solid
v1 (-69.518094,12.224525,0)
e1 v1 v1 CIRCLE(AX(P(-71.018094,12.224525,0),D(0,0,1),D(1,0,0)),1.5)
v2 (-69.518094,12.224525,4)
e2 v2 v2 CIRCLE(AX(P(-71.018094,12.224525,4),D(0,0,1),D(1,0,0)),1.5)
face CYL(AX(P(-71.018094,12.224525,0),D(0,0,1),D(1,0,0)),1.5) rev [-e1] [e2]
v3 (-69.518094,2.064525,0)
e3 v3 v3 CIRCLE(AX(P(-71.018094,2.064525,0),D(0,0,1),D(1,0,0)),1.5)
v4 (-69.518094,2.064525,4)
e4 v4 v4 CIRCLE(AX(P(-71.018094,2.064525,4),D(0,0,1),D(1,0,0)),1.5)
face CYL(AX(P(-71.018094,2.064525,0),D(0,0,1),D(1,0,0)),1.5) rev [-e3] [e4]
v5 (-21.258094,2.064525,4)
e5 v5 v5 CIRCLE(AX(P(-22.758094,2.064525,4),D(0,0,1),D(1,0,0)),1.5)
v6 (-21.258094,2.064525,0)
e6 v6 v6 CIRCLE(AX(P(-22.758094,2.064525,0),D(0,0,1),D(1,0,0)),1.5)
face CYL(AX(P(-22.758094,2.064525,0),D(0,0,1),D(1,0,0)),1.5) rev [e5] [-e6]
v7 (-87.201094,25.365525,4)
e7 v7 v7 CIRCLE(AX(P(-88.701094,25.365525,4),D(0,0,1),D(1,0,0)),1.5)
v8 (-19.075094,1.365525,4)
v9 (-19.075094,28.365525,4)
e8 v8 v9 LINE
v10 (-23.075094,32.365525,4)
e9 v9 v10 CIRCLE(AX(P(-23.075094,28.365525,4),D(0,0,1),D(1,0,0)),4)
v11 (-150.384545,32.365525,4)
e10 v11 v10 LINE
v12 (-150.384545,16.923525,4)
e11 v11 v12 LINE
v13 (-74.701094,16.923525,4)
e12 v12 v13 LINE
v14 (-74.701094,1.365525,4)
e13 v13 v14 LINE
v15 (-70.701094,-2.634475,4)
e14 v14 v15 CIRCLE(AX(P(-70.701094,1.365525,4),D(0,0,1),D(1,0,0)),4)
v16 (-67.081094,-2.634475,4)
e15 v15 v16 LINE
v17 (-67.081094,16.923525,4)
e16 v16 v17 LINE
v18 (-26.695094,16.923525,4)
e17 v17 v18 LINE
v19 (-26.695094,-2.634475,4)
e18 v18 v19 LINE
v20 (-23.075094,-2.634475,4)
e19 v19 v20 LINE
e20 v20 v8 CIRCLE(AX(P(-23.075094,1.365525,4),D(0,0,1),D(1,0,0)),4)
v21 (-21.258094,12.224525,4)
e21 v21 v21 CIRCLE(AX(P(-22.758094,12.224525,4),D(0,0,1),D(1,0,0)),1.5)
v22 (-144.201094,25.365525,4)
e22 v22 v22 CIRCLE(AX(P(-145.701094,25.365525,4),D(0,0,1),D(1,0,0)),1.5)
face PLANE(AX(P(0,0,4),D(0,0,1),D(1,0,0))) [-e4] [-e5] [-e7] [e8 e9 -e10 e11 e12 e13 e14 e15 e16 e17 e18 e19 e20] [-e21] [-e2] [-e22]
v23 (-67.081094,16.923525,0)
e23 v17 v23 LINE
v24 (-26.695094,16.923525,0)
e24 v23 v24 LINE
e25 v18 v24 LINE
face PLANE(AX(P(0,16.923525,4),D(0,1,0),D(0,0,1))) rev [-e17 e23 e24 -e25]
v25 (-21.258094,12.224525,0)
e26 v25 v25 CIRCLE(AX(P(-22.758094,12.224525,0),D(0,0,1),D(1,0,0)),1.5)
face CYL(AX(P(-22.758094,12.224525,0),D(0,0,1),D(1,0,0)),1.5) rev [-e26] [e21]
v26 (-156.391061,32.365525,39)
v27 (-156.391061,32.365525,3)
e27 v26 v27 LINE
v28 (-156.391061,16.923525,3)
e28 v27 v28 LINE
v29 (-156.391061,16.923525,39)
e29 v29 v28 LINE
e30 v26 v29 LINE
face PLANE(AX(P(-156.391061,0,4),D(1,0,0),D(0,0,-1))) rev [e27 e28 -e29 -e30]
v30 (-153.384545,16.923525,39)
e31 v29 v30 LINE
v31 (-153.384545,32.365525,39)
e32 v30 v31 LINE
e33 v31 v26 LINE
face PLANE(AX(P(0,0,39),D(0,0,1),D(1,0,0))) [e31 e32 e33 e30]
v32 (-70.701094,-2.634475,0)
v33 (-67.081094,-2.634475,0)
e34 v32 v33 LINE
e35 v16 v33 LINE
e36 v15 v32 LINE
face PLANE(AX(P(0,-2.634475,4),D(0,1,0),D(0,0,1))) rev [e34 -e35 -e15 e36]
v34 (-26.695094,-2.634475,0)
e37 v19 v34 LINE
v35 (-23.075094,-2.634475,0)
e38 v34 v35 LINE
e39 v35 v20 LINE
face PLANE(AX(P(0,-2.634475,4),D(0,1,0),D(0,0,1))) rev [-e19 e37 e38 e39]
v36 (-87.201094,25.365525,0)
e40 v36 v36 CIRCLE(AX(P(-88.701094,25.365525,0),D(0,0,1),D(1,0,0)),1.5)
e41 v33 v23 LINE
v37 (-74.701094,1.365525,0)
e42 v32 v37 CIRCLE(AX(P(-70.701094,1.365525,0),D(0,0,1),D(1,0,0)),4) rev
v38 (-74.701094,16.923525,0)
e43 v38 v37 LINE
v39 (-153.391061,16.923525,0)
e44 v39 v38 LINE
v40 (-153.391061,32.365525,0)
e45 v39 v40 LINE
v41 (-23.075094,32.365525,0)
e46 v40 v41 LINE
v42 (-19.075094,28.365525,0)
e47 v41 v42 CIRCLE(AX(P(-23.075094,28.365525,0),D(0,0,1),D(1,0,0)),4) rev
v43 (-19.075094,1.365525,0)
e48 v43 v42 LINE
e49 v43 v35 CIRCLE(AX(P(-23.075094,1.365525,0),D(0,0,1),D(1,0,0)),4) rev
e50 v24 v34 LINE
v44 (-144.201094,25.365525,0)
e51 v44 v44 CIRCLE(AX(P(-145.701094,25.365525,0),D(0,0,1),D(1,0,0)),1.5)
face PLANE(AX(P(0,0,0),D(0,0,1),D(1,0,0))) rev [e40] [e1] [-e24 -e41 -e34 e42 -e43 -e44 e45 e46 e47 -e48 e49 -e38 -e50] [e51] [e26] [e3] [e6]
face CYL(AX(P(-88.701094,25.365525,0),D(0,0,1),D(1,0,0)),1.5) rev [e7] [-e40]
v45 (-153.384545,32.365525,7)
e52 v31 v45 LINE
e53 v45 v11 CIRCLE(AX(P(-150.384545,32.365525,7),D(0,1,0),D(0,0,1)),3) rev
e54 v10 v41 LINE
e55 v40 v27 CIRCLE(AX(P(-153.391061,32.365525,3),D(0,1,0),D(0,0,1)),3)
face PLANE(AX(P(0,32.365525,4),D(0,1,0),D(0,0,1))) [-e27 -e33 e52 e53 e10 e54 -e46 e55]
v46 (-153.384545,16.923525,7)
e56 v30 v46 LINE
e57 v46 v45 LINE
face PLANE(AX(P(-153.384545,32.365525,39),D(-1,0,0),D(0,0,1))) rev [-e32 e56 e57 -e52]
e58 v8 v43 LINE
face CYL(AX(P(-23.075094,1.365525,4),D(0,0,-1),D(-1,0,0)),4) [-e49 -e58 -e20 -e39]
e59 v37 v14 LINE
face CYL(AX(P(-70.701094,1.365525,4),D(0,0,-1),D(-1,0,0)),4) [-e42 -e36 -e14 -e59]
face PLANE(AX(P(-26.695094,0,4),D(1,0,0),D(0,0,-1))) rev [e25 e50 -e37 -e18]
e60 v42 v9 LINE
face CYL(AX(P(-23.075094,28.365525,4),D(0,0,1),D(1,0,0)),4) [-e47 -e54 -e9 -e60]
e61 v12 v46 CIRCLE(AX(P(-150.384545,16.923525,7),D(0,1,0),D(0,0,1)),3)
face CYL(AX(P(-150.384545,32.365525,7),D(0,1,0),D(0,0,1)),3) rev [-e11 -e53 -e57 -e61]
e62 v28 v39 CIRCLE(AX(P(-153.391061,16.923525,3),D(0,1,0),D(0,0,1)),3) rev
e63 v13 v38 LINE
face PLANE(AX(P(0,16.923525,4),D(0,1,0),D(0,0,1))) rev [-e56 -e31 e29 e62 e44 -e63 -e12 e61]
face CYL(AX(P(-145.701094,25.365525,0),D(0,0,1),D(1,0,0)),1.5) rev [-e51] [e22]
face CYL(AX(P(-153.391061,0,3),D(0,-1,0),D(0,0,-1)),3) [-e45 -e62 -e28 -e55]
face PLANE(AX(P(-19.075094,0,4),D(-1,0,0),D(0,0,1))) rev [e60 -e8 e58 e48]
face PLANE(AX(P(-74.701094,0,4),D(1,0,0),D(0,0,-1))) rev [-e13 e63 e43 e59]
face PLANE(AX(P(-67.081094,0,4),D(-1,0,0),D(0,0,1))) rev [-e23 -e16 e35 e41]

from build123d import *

# Parameters (mm, degrees)
BOSS_EXTRUDE2_DEPTH = 4
FILLET1_R           = 4
SKETCH6_R           = 1.5
CUT_EXTRUDE1_DEPTH  = 4
SKETCH3_R           = 1.5
CUT_EXTRUDE2_DEPTH  = 4
SKETCH7_W           = 3.00651588
SKETCH7_H           = 15.442
BOSS_EXTRUDE3_DEPTH = 35
FILLET2_R           = 3
FILLET3_R           = 3


with BuildPart() as part:
    # Sketch2 → Boss-Extrude2 (new body)
    with BuildSketch(Plane.XY):
        Polygon((-67.081093968, -2.634474623), (-67.081093968, 16.923525377), (-26.695093968, 16.923525377), (-26.695093968, -2.634474623), (-19.075093968, -2.634474623), (-19.075093968, 32.365525377), (-67.081093968, 32.365525377), (-74.701093968, 32.365525377), (-156.39106061, 32.365525377), (-156.39106061, 16.923525377), (-74.701093968, 16.923525377), (-74.701093968, -2.634474623), align=None)
    extrude(amount=BOSS_EXTRUDE2_DEPTH)

    # Fillet1
    fillet1_edges = [part.edges().sort_by_distance(p)[0] for p in [
        (-19.075093968, 32.365525377, 2),
        (-19.075093968, -2.634474623, 2),
        (-74.701093968, -2.634474623, 2),
    ]]
    fillet(fillet1_edges, radius=FILLET1_R)

    # Sketch6 → Cut-Extrude1 (cut)
    with BuildSketch(Plane.XY.offset(4)):
        with Locations((-71.018093968, 12.224525377)):
            Circle(SKETCH6_R)
        with Locations((-22.758093968, 12.224525377)):
            Circle(SKETCH6_R)
        with Locations((-22.758093968, 2.064525377)):
            Circle(SKETCH6_R)
        with Locations((-71.018093968, 2.064525377)):
            Circle(SKETCH6_R)
    extrude(amount=-CUT_EXTRUDE1_DEPTH, mode=Mode.SUBTRACT)

    # Sketch3 → Cut-Extrude2 (cut)
    with BuildSketch(Plane.XY.offset(4)):
        with Locations((-145.701093968, 25.365525377)):
            Circle(SKETCH3_R)
        with Locations((-88.701093968, 25.365525377)):
            Circle(SKETCH3_R)
    extrude(amount=-CUT_EXTRUDE2_DEPTH, mode=Mode.SUBTRACT)

    # Sketch7 → Boss-Extrude3 (add)
    with BuildSketch(Plane.XY.offset(4)):
        with Locations((-154.88780267, 24.644525377)):
            Rectangle(SKETCH7_W, SKETCH7_H)
    extrude(amount=BOSS_EXTRUDE3_DEPTH)

    # Fillet2
    fillet2_edges = [part.edges().sort_by_distance(p)[0] for p in [
        (-153.38454473, 24.644525377, 4),
    ]]
    fillet(fillet2_edges, radius=FILLET2_R)

    # Fillet3
    fillet3_edges = [part.edges().sort_by_distance(p)[0] for p in [
        (-156.39106061, 24.644525377, 0),
    ]]
    fillet(fillet3_edges, radius=FILLET3_R)


solid = part.part
